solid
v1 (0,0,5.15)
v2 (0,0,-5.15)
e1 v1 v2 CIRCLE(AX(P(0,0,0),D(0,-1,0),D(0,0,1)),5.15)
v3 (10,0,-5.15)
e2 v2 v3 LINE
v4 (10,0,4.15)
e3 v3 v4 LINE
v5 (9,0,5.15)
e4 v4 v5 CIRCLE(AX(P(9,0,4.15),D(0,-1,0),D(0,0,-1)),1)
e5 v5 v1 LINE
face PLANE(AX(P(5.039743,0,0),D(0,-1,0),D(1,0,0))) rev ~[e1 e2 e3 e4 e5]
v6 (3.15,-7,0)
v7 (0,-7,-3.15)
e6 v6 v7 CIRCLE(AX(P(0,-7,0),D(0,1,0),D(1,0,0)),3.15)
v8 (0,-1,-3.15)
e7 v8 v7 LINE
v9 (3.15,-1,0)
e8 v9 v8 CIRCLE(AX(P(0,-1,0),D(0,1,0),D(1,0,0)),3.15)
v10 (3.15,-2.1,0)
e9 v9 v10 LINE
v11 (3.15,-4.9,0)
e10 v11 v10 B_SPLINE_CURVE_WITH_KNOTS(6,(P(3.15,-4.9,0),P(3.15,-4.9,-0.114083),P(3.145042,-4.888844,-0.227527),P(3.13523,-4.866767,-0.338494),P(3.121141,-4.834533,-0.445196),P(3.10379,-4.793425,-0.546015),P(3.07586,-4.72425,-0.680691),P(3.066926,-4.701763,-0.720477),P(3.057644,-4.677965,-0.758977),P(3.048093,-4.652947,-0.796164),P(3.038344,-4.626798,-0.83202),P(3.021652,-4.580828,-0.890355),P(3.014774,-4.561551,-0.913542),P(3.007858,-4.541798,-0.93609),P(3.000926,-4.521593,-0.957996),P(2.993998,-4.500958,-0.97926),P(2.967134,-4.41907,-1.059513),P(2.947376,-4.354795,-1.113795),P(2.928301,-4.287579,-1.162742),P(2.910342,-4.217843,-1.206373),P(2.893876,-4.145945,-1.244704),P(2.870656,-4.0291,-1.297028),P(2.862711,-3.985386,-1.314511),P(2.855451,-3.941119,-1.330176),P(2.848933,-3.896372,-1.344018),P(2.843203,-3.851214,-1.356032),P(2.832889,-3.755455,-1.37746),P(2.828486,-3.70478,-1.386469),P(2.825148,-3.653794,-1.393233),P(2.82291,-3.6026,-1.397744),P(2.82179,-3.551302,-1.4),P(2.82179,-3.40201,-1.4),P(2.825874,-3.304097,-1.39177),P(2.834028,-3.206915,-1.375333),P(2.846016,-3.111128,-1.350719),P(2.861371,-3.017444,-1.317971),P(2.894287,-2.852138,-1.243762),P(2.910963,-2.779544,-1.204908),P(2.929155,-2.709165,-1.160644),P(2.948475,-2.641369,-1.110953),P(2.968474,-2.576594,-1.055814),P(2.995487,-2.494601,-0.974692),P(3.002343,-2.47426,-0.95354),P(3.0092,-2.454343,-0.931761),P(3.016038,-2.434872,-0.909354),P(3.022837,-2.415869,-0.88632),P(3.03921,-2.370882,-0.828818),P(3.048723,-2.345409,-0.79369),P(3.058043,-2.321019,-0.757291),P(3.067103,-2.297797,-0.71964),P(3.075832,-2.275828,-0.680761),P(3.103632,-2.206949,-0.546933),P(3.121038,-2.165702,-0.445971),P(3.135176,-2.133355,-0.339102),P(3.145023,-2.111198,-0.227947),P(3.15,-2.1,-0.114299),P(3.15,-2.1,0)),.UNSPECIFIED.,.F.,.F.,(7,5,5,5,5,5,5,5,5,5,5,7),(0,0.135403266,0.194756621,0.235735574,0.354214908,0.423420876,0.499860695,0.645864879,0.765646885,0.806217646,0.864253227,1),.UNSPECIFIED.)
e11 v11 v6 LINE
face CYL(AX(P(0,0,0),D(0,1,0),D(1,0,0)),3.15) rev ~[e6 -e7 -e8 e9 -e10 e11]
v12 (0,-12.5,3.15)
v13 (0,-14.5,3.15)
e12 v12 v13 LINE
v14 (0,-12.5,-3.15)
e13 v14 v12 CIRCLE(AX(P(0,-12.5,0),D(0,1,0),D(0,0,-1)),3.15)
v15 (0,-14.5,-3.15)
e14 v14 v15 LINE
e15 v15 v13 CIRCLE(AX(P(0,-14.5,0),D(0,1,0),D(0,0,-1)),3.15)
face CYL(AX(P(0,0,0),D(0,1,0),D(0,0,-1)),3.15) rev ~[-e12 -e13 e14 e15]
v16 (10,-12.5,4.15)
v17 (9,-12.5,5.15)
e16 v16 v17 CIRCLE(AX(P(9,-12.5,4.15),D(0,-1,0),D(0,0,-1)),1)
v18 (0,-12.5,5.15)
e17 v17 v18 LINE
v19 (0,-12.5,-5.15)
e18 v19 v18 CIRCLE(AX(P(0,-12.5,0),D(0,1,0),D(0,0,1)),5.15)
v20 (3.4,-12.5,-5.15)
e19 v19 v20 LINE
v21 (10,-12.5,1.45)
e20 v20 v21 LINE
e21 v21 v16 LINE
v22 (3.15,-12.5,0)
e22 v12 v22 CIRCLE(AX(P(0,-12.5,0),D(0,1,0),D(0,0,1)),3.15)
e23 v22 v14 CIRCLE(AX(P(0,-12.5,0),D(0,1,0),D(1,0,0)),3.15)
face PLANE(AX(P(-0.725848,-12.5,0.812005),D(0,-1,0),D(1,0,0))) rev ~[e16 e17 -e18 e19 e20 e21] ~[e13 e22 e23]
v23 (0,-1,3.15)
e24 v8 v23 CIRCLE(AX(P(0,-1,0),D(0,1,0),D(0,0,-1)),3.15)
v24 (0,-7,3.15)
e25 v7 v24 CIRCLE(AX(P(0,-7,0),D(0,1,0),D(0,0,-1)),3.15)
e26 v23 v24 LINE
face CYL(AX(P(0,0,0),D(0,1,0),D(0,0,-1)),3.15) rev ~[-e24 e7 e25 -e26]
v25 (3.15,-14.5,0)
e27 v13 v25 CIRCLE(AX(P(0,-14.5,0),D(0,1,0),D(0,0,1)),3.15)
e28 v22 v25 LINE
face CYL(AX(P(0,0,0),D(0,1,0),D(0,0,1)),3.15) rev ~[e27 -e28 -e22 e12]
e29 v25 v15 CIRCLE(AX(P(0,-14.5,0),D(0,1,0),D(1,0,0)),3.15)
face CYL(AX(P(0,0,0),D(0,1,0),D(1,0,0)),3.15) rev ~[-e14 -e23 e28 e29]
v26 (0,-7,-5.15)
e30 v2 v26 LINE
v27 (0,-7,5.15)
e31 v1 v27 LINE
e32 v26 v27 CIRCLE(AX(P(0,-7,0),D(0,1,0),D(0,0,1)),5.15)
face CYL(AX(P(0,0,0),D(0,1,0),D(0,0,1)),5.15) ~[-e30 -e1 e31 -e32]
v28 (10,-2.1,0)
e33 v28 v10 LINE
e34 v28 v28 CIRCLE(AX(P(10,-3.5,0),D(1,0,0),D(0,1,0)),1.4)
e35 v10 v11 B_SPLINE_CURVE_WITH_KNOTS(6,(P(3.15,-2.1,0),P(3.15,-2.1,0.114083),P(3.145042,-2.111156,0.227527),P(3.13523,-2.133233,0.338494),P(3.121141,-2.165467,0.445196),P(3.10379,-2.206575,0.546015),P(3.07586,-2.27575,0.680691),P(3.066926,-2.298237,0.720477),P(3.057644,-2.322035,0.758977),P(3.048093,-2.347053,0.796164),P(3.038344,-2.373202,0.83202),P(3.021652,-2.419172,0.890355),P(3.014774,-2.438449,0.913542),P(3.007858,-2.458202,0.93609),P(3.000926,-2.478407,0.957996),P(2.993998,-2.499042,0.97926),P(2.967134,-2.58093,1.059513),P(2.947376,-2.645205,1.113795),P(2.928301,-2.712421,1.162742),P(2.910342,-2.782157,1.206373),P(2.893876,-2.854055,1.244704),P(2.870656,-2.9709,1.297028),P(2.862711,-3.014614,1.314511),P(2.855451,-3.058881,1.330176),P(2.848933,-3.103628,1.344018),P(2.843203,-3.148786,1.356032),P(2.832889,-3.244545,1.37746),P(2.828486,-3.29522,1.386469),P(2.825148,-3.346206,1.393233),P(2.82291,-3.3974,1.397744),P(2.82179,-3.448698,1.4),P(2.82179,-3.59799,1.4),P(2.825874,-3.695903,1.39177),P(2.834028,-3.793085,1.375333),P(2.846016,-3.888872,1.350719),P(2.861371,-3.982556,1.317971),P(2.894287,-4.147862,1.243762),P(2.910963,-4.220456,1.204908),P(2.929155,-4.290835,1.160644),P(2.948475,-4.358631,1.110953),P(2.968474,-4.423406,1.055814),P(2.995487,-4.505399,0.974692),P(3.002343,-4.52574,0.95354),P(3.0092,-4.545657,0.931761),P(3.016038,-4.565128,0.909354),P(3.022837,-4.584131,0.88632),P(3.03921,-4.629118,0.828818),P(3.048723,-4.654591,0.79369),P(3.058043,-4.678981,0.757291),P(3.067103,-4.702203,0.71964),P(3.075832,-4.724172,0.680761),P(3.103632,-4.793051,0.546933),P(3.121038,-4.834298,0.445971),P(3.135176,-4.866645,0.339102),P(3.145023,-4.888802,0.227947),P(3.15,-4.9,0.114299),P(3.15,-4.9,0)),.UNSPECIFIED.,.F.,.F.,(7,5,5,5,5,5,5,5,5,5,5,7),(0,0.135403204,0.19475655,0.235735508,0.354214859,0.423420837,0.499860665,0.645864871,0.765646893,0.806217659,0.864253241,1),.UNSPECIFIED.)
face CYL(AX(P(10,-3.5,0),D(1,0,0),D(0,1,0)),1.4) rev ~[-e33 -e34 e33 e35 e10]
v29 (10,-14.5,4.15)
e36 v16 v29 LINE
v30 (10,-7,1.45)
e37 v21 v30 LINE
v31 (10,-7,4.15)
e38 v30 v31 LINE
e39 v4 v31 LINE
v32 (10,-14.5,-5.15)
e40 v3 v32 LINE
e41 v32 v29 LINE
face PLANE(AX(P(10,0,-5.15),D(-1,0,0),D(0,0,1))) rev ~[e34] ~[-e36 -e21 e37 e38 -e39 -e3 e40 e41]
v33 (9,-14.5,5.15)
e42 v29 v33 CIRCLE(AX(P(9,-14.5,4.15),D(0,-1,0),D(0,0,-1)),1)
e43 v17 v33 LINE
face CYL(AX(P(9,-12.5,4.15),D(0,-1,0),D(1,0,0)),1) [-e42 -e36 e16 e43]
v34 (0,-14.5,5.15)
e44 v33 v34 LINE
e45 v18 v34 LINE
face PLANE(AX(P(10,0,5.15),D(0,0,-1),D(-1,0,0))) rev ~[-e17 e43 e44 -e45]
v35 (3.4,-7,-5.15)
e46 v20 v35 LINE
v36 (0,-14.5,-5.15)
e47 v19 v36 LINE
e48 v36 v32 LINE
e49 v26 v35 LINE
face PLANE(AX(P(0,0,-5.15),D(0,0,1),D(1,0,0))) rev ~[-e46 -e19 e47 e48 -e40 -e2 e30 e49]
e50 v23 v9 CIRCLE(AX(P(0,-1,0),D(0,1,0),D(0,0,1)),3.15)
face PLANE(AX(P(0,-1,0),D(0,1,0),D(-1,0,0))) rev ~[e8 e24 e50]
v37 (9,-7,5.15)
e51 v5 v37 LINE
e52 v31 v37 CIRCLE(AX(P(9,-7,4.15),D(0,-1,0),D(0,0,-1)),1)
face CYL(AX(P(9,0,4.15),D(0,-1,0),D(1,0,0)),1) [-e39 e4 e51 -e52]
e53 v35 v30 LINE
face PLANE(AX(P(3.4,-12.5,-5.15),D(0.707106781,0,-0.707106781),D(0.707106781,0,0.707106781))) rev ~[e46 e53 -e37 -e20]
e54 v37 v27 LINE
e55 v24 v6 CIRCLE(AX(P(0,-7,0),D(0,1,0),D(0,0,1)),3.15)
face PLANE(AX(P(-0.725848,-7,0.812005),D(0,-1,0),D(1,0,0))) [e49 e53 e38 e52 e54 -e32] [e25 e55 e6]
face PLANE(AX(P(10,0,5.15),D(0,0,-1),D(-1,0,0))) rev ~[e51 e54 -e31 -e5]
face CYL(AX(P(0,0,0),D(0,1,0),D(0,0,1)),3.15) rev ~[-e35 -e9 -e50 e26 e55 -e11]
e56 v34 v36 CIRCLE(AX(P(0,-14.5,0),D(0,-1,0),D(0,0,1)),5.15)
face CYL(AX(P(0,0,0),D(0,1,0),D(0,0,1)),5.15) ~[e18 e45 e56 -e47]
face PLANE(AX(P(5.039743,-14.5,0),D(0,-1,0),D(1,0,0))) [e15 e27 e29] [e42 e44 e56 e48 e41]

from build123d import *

# Parameters (mm, degrees)
F1_DEPTH = 14.5
F4_DEPTH = 5.5
F5_R     = 1.4
F6_DEPTH = 9.5
F7_R     = 4
F8_DEPTH = 1
F9_R     = 1


with BuildPart() as f1:
    # F0 (on Front) → F1 (new body)
    with BuildSketch(Plane.XZ):
        with BuildLine():
            ThreePointArc((0, 3.15), (2.2273863607, 2.2273863607), (3.15, 0))
            ThreePointArc((3.15, 0), (2.2273863607, -2.2273863607), (0, -3.15))
            Line((0, -3.15), (0, -5.15))
            Line((0, -5.15), (10, -5.15))
            Line((10, -5.15), (10, 0))
            Line((10, 0), (10, 5.15))
            Line((10, 5.15), (0, 5.15))
            Line((0, 5.15), (0, 3.15))
        make_face()
        with BuildLine():
            ThreePointArc((0, -3.15), (-3.15, 0), (0, 3.15))
            Line((0, 3.15), (0, 5.15))
            ThreePointArc((0, 5.15), (-5.15, 0), (0, -5.15))
            Line((0, -5.15), (0, -3.15))
        make_face()
    extrude(amount=F1_DEPTH)

    # F3 (on offset) → F4 (cut)
    with BuildSketch(Plane.XZ.offset(12.5)):
        Polygon((-9.8062800243, -5.15), (0, -5.15), (3.4, -5.15), (10, 1.45), (10, 5.7288180105), (-9.8062800243, 5.7288180105), align=None)
    extrude(amount=-F4_DEPTH, mode=Mode.SUBTRACT)

    # F5 (on face) → F6 (cut)
    with BuildSketch(Plane.YZ.offset(10)):
        with Locations((-3.5, 0)):
            Circle(F5_R)
    extrude(amount=-F6_DEPTH, mode=Mode.SUBTRACT)

    # F7 (on face) → F8 (join)
    with BuildSketch(Plane(origin=(0, 0, 0), x_dir=(-1, 0, 0), z_dir=(0, 1, 0))):
        Circle(F7_R)
    extrude(amount=-F8_DEPTH)

    # F9
    f9_edges = [f1.edges().sort_by_distance(p)[0] for p in [
        (10, -13.5, 5.15),
        (10, -3.5, 5.15),
    ]]
    fillet(f9_edges, radius=F9_R)


solid = f1.part
